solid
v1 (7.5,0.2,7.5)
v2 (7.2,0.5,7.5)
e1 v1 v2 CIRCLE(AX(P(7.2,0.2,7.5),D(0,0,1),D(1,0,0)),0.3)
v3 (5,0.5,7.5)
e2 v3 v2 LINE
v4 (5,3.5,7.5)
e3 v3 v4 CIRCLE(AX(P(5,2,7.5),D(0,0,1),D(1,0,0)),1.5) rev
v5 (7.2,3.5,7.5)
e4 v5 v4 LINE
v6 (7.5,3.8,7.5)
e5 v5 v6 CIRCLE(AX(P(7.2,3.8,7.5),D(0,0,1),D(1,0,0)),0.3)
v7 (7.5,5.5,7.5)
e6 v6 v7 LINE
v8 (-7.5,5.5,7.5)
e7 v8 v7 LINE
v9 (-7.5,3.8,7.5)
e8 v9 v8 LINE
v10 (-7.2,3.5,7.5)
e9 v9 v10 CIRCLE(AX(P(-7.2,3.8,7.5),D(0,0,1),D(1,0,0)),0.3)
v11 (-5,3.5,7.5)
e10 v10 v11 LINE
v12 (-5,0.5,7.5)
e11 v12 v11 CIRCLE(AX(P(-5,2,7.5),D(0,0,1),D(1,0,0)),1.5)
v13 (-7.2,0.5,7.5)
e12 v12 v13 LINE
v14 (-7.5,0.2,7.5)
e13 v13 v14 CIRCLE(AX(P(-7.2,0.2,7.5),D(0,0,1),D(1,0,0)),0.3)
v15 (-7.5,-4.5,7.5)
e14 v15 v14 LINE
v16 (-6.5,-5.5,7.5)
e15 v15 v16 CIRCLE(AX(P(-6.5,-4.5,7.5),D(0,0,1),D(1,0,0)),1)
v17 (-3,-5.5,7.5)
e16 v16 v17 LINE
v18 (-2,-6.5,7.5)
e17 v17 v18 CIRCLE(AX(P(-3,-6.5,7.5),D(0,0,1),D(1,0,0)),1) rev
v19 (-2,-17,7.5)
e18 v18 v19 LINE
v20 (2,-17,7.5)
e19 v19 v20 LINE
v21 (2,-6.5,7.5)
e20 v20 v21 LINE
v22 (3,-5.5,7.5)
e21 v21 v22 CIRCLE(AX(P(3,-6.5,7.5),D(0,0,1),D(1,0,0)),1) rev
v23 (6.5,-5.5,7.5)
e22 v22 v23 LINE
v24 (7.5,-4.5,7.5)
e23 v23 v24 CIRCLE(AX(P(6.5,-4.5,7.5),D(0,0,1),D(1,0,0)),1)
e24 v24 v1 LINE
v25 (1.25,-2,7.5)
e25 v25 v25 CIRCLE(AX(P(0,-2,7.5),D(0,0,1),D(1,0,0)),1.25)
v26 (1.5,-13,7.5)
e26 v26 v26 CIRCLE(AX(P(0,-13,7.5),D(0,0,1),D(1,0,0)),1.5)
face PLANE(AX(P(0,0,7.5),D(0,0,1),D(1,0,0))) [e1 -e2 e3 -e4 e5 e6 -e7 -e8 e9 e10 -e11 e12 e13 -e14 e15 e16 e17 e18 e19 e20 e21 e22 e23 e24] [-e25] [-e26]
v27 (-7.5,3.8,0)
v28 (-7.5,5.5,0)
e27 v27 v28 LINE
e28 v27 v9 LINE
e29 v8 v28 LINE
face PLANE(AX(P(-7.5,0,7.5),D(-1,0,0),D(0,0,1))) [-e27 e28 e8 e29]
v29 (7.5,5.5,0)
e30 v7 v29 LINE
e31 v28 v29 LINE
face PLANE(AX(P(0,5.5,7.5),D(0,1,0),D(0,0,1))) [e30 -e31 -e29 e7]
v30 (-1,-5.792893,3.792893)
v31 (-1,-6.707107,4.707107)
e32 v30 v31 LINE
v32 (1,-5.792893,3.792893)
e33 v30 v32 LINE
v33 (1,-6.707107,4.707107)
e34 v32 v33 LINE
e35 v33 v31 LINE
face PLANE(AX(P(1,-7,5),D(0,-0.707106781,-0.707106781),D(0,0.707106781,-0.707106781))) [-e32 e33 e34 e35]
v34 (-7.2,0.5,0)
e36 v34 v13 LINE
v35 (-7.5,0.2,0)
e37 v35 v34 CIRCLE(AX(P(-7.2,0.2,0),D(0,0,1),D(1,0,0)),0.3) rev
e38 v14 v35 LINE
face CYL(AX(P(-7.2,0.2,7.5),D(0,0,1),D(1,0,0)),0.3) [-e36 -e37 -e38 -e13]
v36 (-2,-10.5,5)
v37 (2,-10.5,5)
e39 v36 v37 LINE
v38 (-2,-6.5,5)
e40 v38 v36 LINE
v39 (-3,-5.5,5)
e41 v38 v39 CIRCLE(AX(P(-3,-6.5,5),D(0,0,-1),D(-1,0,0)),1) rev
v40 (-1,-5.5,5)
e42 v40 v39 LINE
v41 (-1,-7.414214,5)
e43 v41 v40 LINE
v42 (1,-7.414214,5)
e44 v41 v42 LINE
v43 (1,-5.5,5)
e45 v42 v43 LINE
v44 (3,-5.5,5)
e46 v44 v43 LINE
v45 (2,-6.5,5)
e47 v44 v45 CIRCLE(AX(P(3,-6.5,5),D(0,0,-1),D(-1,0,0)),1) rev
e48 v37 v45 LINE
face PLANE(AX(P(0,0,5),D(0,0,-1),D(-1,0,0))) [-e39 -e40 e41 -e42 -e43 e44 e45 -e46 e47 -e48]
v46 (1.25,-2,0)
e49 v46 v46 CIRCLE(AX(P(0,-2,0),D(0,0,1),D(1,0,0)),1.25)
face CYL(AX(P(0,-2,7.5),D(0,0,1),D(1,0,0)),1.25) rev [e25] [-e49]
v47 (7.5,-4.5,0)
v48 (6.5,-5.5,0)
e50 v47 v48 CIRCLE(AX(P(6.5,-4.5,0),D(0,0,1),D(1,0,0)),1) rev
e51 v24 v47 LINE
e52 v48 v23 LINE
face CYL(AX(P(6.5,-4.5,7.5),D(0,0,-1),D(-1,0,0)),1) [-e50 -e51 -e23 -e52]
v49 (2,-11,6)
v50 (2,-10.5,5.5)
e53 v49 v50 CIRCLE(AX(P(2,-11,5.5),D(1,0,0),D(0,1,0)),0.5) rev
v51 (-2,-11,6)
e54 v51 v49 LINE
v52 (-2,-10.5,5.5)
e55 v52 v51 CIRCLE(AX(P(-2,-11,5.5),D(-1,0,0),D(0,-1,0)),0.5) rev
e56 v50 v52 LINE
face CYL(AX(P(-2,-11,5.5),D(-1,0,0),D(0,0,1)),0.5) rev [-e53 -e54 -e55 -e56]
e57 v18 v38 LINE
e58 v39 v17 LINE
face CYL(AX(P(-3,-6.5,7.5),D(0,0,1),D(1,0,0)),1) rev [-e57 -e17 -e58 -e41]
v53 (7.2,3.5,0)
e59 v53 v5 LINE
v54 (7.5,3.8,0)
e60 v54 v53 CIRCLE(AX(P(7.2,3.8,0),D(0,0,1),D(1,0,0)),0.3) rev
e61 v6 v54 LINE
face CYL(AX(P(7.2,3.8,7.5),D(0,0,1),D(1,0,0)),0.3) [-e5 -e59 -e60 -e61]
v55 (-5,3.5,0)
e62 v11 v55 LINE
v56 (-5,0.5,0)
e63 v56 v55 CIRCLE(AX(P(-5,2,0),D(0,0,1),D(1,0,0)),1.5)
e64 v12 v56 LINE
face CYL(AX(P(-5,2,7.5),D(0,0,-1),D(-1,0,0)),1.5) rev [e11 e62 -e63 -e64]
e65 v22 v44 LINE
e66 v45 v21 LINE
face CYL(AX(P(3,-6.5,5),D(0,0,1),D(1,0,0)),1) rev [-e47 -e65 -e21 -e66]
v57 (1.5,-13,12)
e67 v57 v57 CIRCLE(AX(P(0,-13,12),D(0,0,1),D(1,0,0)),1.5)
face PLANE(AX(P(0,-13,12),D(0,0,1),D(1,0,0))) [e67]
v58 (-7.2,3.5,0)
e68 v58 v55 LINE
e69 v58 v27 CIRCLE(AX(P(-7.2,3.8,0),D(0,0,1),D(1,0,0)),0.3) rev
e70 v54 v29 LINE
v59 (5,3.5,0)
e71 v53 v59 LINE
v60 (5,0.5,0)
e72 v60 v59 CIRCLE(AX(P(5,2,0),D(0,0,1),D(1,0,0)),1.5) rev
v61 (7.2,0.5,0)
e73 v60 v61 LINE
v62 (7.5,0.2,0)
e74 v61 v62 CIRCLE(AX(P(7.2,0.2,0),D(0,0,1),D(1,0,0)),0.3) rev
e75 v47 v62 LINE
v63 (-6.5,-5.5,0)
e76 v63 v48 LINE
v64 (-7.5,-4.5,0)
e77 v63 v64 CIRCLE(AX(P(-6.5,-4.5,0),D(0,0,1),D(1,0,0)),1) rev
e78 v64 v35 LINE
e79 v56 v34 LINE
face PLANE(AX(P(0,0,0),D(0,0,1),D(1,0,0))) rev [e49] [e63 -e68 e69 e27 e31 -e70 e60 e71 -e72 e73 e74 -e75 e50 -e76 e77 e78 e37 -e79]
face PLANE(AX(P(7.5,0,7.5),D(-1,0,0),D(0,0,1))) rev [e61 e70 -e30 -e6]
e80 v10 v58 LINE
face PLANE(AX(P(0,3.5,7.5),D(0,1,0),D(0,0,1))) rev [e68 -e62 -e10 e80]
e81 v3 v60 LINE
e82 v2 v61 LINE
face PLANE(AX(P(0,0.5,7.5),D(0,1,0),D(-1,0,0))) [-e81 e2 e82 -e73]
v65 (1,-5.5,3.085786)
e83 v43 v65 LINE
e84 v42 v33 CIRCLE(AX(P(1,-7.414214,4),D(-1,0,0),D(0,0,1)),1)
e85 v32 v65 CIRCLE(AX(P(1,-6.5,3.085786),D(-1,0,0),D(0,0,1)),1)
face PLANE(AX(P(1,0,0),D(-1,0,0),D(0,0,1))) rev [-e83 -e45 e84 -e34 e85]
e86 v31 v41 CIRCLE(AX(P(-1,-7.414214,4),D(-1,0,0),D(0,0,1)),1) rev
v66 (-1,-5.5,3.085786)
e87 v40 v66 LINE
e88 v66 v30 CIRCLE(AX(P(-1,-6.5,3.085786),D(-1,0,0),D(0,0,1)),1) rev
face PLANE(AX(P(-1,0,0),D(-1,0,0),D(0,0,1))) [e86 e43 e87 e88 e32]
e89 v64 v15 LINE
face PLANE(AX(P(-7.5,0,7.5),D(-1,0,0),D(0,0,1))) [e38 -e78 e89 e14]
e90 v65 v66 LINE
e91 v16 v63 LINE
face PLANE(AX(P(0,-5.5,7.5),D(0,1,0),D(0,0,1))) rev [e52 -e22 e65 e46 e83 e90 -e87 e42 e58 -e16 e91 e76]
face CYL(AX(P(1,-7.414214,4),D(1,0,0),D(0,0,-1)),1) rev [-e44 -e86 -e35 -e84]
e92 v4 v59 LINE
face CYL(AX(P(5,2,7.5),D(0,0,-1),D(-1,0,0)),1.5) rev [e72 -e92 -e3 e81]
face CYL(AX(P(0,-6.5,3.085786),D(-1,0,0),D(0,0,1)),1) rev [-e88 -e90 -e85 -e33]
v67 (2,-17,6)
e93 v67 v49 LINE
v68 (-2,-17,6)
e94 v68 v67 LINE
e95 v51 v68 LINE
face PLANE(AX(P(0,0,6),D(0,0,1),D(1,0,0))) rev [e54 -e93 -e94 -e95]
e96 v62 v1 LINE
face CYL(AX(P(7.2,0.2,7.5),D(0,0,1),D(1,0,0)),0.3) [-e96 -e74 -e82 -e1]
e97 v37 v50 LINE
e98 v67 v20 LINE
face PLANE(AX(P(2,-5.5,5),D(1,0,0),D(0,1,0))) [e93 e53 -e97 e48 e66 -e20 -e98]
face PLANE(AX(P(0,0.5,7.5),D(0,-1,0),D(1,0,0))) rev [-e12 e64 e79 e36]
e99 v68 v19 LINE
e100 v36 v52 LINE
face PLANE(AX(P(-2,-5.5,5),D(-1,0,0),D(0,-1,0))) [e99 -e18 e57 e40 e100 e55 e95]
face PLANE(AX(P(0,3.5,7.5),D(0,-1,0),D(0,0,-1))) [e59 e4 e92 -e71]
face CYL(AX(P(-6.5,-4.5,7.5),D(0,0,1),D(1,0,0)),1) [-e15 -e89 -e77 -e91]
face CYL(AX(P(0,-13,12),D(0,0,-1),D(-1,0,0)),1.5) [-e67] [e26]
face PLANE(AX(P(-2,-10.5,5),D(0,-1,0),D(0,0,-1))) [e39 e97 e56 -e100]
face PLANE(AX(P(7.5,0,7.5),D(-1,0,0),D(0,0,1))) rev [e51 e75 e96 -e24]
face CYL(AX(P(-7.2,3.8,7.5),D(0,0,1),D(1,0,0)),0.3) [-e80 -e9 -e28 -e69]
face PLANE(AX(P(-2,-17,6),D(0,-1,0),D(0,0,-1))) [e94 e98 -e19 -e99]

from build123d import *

# Parameters (mm, degrees)
EXTRUDE_1_DEPTH      = 7.5
FILLET_1_R           = 0.3
FILLET_2_R           = 1
HOLE_WIZARD_M3_1_D   = 2.5
SKETCH_4_W           = 4
SKETCH_4_H           = 5
EXTRUDE_2_DEPTH      = 2.5
SKETCH_5_W           = 4
SKETCH_5_H           = 6.5
EXTRUDE_3_DEPTH      = 1.5
FILLET_3_R           = 0.5
EXTRUDE_4_DEPTH      = 1
EXTRUDE_4_DEPTH_BACK = 1
FILLET_4_R           = 1
SKETCH_7_R           = 1.5
EXTRUDE_5_DEPTH      = 4.5


with BuildPart() as part:
    # 草图1 → 凸台-拉伸1 (new body)
    with BuildSketch(Plane.XY):
        with BuildLine():
            Line((-7.5, 0.5), (-7.5, -5.5))
            Line((-7.5, -5.5), (7.5, -5.5))
            Line((7.5, -5.5), (7.5, 0.5))
            Line((7.5, 0.5), (5, 0.5))
            ThreePointArc((5, 0.5), (3.5, 2), (5, 3.5))
            Line((5, 3.5), (7.5, 3.5))
            Line((7.5, 3.5), (7.5, 5.5))
            Line((7.5, 5.5), (-7.5, 5.5))
            Line((-7.5, 5.5), (-7.5, 3.5))
            Line((-7.5, 3.5), (-5, 3.5))
            ThreePointArc((-5, 3.5), (-3.5, 2), (-5, 0.5))
            Line((-5, 0.5), (-7.5, 0.5))
        make_face()
    extrude(amount=EXTRUDE_1_DEPTH)

    # 圆角1
    fillet_1_edges = [part.edges().sort_by_distance(p)[0] for p in [
        (7.5, 0.5, 3.75),
        (-7.5, 0.5, 3.75),
        (-7.5, 3.5, 3.75),
        (7.5, 3.5, 3.75),
    ]]
    fillet(fillet_1_edges, radius=FILLET_1_R)

    # 圆角2
    fillet_2_edges = [part.edges().sort_by_distance(p)[0] for p in [
        (7.5, -5.5, 3.75),
        (-7.5, -5.5, 3.75),
    ]]
    fillet(fillet_2_edges, radius=FILLET_2_R)

    # M3 螺纹孔1 (through all)
    with Locations(Plane(origin=(0, -2, 7.5), x_dir=(1, 0, 0), z_dir=(0, 0, 1))):
        with Locations((0, 0)):
            Hole(HOLE_WIZARD_M3_1_D / 2)

    # 草图4 → 凸台-拉伸2 (add)
    with BuildSketch(Plane.XY.offset(7.5)):
        with Locations((0, -8)):
            Rectangle(SKETCH_4_W, SKETCH_4_H)
    extrude(amount=-EXTRUDE_2_DEPTH)

    # 草图5 → 凸台-拉伸3 (add)
    with BuildSketch(Plane.XY.offset(7.5)):
        with Locations((0, -13.75)):
            Rectangle(SKETCH_5_W, SKETCH_5_H)
    extrude(amount=-EXTRUDE_3_DEPTH)

    # 圆角3
    fillet_3_edges = [part.edges().sort_by_distance(p)[0] for p in [
        (0, -10.5, 6),
    ]]
    fillet(fillet_3_edges, radius=FILLET_3_R)

    # 草图6 → 凸台-拉伸4 (add, two sides: drawn at the far end of the back side and taken through both)
    with BuildSketch(Plane.ZY.offset(-EXTRUDE_4_DEPTH_BACK)):
        Polygon((5, -7), (3.5, -5.5), (5, -5.5), align=None)
    extrude(amount=EXTRUDE_4_DEPTH + EXTRUDE_4_DEPTH_BACK)

    # 圆角4
    fillet_4_edges = [part.edges().sort_by_distance(p)[0] for p in [
        (0, -7, 5),
        (0, -5.5, 3.5),
        (-2, -5.5, 6.25),
        (2, -5.5, 6.25),
    ]]
    fillet(fillet_4_edges, radius=FILLET_4_R)

    # 草图7 → 凸台-拉伸5 (add)
    with BuildSketch(Plane.XY.offset(7.5)):
        with Locations((0, -13)):
            Circle(SKETCH_7_R)
    extrude(amount=EXTRUDE_5_DEPTH)


solid = part.part
